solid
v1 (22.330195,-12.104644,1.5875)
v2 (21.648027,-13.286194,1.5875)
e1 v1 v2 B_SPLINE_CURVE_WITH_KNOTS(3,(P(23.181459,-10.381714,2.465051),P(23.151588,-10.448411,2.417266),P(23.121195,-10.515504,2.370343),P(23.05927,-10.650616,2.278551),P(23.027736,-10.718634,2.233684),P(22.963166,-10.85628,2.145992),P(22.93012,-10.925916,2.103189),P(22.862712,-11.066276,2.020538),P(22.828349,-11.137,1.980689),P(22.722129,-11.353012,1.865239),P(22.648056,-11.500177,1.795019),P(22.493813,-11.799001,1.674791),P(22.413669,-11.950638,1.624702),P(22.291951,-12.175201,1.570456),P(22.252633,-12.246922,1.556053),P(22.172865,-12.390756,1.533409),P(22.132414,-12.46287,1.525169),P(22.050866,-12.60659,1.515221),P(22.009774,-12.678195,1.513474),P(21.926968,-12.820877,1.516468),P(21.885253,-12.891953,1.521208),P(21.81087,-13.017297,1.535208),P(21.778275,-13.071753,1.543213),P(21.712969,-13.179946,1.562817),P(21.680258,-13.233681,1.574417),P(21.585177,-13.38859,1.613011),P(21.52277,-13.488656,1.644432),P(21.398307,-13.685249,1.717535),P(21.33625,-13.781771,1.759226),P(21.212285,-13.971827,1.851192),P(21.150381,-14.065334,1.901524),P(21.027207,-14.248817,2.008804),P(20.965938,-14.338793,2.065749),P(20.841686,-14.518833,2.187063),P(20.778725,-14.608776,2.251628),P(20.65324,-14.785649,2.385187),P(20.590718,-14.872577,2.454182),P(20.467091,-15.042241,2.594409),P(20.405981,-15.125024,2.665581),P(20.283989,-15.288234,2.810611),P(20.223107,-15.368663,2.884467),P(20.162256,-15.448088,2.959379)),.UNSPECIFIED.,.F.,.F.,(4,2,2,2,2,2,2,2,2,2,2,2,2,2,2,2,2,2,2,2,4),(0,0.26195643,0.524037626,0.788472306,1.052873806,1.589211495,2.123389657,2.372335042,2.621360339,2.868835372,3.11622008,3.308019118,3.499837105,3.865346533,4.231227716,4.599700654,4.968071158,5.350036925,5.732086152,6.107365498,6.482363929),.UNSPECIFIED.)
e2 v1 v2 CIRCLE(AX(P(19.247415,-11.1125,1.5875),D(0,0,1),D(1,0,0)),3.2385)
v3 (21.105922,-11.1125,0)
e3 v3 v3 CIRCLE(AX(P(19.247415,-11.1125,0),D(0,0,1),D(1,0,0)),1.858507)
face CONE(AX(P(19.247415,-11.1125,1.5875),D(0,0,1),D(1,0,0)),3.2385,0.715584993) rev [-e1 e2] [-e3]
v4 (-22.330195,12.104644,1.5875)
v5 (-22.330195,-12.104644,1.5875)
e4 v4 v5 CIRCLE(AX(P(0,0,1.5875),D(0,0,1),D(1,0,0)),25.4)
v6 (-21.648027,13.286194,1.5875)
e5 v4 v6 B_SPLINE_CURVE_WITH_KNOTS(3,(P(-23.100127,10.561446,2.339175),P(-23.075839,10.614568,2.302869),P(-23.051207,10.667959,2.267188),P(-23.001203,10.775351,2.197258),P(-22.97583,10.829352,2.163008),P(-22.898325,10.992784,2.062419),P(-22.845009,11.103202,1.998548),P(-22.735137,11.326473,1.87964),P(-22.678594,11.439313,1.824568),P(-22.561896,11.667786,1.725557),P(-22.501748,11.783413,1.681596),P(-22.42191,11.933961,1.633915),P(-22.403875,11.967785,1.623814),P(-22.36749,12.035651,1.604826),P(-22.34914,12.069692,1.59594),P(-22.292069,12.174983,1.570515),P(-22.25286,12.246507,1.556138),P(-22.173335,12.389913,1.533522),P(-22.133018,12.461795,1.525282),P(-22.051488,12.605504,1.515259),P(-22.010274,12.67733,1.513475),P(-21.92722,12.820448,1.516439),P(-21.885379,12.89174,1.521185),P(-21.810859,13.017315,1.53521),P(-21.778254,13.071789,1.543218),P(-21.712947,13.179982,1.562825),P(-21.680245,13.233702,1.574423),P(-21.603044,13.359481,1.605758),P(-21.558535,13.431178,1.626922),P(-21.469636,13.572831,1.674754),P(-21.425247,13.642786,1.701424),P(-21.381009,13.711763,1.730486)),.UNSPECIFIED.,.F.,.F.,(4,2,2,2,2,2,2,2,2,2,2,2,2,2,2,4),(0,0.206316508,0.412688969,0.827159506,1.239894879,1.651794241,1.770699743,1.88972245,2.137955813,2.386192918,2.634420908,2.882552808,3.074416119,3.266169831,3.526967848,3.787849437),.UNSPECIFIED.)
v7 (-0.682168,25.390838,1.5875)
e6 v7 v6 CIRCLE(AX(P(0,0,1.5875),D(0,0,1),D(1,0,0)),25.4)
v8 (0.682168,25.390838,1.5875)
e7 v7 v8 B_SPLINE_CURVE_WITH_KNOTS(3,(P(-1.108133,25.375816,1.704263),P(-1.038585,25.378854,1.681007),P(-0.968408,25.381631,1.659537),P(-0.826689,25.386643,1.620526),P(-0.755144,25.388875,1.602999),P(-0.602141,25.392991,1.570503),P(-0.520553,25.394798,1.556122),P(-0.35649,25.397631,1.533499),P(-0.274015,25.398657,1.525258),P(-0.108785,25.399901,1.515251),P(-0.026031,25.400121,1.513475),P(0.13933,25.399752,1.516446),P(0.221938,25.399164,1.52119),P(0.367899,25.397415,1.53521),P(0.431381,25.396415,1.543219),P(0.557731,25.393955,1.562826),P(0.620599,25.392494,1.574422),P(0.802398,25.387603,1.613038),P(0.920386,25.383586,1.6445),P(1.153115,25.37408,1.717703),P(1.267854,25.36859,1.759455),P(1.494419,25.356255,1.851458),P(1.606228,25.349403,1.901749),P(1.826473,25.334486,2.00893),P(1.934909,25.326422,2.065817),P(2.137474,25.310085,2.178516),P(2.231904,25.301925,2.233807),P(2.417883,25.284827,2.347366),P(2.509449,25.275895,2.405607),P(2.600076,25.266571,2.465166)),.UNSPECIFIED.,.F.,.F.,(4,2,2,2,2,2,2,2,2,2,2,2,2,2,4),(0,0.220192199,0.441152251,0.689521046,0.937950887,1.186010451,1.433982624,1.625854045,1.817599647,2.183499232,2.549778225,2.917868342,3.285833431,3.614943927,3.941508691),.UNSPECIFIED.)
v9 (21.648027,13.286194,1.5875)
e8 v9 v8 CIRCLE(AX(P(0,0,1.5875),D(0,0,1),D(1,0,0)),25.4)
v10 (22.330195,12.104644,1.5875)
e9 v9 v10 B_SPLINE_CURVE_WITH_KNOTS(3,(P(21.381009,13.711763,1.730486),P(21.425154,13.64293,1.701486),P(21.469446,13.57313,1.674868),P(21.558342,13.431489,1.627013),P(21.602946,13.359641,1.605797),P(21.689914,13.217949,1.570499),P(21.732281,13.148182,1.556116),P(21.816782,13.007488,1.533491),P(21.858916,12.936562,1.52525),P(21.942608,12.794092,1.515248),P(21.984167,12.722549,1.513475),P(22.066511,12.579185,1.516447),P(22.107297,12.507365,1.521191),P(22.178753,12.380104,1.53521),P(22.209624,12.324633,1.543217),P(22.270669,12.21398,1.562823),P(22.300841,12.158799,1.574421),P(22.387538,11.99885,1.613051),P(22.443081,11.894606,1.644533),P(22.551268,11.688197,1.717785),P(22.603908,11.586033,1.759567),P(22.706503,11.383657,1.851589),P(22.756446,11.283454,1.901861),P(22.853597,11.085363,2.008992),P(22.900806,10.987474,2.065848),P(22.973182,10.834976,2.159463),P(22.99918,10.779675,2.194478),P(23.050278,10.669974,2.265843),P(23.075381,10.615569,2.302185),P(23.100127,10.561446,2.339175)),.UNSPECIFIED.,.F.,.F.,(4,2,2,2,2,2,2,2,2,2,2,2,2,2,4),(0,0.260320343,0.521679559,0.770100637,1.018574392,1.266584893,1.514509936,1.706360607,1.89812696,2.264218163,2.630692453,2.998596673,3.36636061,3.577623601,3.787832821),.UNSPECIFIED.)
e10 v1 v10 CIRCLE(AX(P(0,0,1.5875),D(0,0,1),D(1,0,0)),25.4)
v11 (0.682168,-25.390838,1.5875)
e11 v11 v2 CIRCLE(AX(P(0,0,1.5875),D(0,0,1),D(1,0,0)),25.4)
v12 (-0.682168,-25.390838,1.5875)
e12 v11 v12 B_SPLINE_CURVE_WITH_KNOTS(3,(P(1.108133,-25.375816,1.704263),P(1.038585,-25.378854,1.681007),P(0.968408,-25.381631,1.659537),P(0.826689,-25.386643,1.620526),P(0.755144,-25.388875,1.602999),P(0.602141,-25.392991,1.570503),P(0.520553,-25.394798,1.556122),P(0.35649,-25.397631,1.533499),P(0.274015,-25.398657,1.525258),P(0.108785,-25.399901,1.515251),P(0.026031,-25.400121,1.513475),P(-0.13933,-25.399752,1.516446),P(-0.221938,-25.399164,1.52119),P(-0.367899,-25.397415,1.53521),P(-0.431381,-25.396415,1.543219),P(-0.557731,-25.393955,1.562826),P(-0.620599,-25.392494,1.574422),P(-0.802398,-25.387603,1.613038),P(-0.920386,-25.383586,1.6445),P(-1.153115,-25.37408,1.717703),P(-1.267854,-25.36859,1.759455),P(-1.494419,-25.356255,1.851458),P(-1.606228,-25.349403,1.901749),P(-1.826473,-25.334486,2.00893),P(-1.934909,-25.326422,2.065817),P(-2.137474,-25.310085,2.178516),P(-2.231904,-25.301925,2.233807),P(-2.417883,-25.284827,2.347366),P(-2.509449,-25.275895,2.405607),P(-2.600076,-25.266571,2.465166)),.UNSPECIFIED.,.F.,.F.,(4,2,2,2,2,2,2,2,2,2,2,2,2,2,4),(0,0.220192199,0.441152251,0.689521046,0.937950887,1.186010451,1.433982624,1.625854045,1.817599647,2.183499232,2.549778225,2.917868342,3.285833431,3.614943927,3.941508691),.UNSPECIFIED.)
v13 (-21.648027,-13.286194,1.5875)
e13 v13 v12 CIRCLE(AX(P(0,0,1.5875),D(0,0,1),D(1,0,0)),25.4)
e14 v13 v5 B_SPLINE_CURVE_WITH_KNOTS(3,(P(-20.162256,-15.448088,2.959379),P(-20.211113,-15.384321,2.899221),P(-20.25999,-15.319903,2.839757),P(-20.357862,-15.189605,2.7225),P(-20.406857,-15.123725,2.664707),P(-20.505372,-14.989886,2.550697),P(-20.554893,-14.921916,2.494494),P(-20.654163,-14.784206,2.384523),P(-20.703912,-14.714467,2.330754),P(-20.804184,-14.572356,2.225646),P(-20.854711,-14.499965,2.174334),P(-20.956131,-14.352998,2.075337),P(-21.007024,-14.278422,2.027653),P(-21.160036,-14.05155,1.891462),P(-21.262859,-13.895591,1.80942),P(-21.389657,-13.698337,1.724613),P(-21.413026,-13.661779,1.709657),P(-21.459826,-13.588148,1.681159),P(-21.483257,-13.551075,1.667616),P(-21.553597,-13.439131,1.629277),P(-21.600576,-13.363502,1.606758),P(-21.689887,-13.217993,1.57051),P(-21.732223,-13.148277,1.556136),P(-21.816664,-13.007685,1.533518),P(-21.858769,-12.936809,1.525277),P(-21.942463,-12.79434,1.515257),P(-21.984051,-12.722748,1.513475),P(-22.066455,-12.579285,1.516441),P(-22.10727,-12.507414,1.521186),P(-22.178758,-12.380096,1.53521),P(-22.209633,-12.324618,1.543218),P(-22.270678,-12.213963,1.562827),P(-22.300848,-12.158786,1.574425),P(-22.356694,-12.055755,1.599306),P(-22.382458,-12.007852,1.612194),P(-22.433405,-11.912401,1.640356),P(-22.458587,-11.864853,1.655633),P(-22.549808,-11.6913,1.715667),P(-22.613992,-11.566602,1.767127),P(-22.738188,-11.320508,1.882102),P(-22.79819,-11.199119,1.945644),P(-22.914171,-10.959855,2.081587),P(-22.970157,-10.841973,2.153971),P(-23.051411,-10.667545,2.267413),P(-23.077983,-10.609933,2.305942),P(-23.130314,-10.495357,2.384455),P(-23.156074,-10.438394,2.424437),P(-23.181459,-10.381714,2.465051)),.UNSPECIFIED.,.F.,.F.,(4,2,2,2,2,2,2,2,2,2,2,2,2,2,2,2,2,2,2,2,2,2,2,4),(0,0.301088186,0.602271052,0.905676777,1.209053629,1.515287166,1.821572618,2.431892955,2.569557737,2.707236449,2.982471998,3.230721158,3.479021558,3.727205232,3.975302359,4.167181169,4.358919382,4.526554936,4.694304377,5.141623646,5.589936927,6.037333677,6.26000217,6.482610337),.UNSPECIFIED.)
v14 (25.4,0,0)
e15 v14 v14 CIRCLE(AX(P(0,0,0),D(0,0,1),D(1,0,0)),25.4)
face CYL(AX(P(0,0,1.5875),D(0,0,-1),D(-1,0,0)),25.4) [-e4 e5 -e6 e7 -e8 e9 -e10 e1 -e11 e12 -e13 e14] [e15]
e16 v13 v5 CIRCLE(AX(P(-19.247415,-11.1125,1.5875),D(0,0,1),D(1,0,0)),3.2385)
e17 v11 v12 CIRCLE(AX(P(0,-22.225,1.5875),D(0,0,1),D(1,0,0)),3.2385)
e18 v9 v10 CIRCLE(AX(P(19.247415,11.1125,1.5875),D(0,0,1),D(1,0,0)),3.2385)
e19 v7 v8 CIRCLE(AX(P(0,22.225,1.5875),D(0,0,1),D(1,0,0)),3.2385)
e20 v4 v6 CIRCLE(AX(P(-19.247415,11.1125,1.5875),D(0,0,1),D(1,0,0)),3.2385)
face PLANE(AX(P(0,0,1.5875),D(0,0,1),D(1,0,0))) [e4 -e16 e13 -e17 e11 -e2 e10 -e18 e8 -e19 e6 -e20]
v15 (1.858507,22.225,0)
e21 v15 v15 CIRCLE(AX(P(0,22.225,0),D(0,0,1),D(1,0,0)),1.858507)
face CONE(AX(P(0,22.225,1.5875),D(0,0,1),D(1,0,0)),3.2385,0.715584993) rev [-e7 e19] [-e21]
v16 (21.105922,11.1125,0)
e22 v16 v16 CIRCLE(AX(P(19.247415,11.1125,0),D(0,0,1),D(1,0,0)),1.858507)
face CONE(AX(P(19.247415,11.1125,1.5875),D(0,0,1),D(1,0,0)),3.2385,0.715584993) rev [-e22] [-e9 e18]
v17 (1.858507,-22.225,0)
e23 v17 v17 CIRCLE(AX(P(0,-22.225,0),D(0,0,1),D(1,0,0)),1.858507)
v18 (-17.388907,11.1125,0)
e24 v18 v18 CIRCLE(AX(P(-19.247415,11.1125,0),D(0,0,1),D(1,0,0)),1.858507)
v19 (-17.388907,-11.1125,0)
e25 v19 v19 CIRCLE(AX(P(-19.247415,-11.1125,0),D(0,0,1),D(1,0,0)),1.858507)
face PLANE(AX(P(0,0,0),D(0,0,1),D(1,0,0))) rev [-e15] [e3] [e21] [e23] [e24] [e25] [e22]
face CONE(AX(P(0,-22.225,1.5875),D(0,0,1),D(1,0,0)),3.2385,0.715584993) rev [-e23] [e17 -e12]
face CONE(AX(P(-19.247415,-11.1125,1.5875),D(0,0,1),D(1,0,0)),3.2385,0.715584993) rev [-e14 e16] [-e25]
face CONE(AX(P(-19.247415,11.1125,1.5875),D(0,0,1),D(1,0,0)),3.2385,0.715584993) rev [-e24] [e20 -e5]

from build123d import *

# Parameters (mm, degrees)
SKETCH1_R                                     = 25.4
BOSS_EXTRUDE1_DEPTH                           = 1.5875
CSK_FOR_4_FLAT_HEAD_SOCKET_CAP_SCREW1_A_COUNT = 2
CSK_FOR_4_FLAT_HEAD_SOCKET_CAP_SCREW1_A_PITCH = 22.225
CSK_FOR_4_FLAT_HEAD_SOCKET_CAP_SCRE_2_COUNT   = 2
CSK_FOR_4_FLAT_HEAD_SOCKET_CAP_SCRE_2_PITCH   = 38.494829198
CSK_FOR_4_FLAT_HEAD_SOCKET_CAP_SCRE_3_COUNT   = 2
CSK_FOR_4_FLAT_HEAD_SOCKET_CAP_SCRE_3_PITCH   = 44.45
CSK_FOR_4_FLAT_HEAD_SOCKET_CAP_SCRE_4_COUNT   = 2
CSK_FOR_4_FLAT_HEAD_SOCKET_CAP_SCRE_4_PITCH   = 38.494829198
CSK_FOR_4_FLAT_HEAD_SOCKET_CAP_SCRE_5_COUNT   = 2
CSK_FOR_4_FLAT_HEAD_SOCKET_CAP_SCRE_5_PITCH   = 22.225


with BuildPart() as part:
    # Sketch1 → Boss-Extrude1 (new body)
    with BuildSketch(Plane.XY):
        Circle(SKETCH1_R)
    extrude(amount=BOSS_EXTRUDE1_DEPTH)

    # Sketch3 → CSK for #4 Flat Head Socket Cap Screw1 (revolve, cut)
    with BuildSketch(Plane(origin=(0, 22.225, 1.5875), x_dir=(0, -1, 0), z_dir=(1, 0, 0))):
        Polygon((0, 0), (0, 1.5875), (1.63195, 1.5875), (1.63195, 1.848124365), (3.2385, 0), align=None)
    csk_for_4_flat_head_socket_cap_screw1 = revolve(axis=Axis((0, 22.225, 7.9375), (0, 0, -1)), mode=Mode.SUBTRACT)

    # CSK for #4 Flat Head Socket Cap Screw1 a: CSK for #4 Flat Head Socket Cap Screw1 ×2
    with Locations(*[Vector(0.866025403784438, -0.500000000000001, 0) * (i * CSK_FOR_4_FLAT_HEAD_SOCKET_CAP_SCREW1_A_PITCH) for i in range(1, CSK_FOR_4_FLAT_HEAD_SOCKET_CAP_SCREW1_A_COUNT)]):
        add(csk_for_4_flat_head_socket_cap_screw1, mode=Mode.SUBTRACT)

    # CSK for _4 Flat Head Socket Cap Scre 2: CSK for #4 Flat Head Socket Cap Screw1 ×2
    with Locations(*[Vector(0.5000000000000123, -0.8660254037844316, 0) * (i * CSK_FOR_4_FLAT_HEAD_SOCKET_CAP_SCRE_2_PITCH) for i in range(1, CSK_FOR_4_FLAT_HEAD_SOCKET_CAP_SCRE_2_COUNT)]):
        add(csk_for_4_flat_head_socket_cap_screw1, mode=Mode.SUBTRACT)

    # CSK for _4 Flat Head Socket Cap Scre 3: CSK for #4 Flat Head Socket Cap Screw1 ×2
    with Locations(*[(0, -i * CSK_FOR_4_FLAT_HEAD_SOCKET_CAP_SCRE_3_PITCH, 0) for i in range(1, CSK_FOR_4_FLAT_HEAD_SOCKET_CAP_SCRE_3_COUNT)]):
        add(csk_for_4_flat_head_socket_cap_screw1, mode=Mode.SUBTRACT)

    # CSK for _4 Flat Head Socket Cap Scre 4: CSK for #4 Flat Head Socket Cap Screw1 ×2
    with Locations(*[Vector(-0.4999999999999876, -0.8660254037844458, 0) * (i * CSK_FOR_4_FLAT_HEAD_SOCKET_CAP_SCRE_4_PITCH) for i in range(1, CSK_FOR_4_FLAT_HEAD_SOCKET_CAP_SCRE_4_COUNT)]):
        add(csk_for_4_flat_head_socket_cap_screw1, mode=Mode.SUBTRACT)

    # CSK for _4 Flat Head Socket Cap Scre 5: CSK for #4 Flat Head Socket Cap Screw1 ×2
    with Locations(*[Vector(-0.8660254037844416, -0.49999999999999495, 0) * (i * CSK_FOR_4_FLAT_HEAD_SOCKET_CAP_SCRE_5_PITCH) for i in range(1, CSK_FOR_4_FLAT_HEAD_SOCKET_CAP_SCRE_5_COUNT)]):
        add(csk_for_4_flat_head_socket_cap_screw1, mode=Mode.SUBTRACT)


solid = part.part
